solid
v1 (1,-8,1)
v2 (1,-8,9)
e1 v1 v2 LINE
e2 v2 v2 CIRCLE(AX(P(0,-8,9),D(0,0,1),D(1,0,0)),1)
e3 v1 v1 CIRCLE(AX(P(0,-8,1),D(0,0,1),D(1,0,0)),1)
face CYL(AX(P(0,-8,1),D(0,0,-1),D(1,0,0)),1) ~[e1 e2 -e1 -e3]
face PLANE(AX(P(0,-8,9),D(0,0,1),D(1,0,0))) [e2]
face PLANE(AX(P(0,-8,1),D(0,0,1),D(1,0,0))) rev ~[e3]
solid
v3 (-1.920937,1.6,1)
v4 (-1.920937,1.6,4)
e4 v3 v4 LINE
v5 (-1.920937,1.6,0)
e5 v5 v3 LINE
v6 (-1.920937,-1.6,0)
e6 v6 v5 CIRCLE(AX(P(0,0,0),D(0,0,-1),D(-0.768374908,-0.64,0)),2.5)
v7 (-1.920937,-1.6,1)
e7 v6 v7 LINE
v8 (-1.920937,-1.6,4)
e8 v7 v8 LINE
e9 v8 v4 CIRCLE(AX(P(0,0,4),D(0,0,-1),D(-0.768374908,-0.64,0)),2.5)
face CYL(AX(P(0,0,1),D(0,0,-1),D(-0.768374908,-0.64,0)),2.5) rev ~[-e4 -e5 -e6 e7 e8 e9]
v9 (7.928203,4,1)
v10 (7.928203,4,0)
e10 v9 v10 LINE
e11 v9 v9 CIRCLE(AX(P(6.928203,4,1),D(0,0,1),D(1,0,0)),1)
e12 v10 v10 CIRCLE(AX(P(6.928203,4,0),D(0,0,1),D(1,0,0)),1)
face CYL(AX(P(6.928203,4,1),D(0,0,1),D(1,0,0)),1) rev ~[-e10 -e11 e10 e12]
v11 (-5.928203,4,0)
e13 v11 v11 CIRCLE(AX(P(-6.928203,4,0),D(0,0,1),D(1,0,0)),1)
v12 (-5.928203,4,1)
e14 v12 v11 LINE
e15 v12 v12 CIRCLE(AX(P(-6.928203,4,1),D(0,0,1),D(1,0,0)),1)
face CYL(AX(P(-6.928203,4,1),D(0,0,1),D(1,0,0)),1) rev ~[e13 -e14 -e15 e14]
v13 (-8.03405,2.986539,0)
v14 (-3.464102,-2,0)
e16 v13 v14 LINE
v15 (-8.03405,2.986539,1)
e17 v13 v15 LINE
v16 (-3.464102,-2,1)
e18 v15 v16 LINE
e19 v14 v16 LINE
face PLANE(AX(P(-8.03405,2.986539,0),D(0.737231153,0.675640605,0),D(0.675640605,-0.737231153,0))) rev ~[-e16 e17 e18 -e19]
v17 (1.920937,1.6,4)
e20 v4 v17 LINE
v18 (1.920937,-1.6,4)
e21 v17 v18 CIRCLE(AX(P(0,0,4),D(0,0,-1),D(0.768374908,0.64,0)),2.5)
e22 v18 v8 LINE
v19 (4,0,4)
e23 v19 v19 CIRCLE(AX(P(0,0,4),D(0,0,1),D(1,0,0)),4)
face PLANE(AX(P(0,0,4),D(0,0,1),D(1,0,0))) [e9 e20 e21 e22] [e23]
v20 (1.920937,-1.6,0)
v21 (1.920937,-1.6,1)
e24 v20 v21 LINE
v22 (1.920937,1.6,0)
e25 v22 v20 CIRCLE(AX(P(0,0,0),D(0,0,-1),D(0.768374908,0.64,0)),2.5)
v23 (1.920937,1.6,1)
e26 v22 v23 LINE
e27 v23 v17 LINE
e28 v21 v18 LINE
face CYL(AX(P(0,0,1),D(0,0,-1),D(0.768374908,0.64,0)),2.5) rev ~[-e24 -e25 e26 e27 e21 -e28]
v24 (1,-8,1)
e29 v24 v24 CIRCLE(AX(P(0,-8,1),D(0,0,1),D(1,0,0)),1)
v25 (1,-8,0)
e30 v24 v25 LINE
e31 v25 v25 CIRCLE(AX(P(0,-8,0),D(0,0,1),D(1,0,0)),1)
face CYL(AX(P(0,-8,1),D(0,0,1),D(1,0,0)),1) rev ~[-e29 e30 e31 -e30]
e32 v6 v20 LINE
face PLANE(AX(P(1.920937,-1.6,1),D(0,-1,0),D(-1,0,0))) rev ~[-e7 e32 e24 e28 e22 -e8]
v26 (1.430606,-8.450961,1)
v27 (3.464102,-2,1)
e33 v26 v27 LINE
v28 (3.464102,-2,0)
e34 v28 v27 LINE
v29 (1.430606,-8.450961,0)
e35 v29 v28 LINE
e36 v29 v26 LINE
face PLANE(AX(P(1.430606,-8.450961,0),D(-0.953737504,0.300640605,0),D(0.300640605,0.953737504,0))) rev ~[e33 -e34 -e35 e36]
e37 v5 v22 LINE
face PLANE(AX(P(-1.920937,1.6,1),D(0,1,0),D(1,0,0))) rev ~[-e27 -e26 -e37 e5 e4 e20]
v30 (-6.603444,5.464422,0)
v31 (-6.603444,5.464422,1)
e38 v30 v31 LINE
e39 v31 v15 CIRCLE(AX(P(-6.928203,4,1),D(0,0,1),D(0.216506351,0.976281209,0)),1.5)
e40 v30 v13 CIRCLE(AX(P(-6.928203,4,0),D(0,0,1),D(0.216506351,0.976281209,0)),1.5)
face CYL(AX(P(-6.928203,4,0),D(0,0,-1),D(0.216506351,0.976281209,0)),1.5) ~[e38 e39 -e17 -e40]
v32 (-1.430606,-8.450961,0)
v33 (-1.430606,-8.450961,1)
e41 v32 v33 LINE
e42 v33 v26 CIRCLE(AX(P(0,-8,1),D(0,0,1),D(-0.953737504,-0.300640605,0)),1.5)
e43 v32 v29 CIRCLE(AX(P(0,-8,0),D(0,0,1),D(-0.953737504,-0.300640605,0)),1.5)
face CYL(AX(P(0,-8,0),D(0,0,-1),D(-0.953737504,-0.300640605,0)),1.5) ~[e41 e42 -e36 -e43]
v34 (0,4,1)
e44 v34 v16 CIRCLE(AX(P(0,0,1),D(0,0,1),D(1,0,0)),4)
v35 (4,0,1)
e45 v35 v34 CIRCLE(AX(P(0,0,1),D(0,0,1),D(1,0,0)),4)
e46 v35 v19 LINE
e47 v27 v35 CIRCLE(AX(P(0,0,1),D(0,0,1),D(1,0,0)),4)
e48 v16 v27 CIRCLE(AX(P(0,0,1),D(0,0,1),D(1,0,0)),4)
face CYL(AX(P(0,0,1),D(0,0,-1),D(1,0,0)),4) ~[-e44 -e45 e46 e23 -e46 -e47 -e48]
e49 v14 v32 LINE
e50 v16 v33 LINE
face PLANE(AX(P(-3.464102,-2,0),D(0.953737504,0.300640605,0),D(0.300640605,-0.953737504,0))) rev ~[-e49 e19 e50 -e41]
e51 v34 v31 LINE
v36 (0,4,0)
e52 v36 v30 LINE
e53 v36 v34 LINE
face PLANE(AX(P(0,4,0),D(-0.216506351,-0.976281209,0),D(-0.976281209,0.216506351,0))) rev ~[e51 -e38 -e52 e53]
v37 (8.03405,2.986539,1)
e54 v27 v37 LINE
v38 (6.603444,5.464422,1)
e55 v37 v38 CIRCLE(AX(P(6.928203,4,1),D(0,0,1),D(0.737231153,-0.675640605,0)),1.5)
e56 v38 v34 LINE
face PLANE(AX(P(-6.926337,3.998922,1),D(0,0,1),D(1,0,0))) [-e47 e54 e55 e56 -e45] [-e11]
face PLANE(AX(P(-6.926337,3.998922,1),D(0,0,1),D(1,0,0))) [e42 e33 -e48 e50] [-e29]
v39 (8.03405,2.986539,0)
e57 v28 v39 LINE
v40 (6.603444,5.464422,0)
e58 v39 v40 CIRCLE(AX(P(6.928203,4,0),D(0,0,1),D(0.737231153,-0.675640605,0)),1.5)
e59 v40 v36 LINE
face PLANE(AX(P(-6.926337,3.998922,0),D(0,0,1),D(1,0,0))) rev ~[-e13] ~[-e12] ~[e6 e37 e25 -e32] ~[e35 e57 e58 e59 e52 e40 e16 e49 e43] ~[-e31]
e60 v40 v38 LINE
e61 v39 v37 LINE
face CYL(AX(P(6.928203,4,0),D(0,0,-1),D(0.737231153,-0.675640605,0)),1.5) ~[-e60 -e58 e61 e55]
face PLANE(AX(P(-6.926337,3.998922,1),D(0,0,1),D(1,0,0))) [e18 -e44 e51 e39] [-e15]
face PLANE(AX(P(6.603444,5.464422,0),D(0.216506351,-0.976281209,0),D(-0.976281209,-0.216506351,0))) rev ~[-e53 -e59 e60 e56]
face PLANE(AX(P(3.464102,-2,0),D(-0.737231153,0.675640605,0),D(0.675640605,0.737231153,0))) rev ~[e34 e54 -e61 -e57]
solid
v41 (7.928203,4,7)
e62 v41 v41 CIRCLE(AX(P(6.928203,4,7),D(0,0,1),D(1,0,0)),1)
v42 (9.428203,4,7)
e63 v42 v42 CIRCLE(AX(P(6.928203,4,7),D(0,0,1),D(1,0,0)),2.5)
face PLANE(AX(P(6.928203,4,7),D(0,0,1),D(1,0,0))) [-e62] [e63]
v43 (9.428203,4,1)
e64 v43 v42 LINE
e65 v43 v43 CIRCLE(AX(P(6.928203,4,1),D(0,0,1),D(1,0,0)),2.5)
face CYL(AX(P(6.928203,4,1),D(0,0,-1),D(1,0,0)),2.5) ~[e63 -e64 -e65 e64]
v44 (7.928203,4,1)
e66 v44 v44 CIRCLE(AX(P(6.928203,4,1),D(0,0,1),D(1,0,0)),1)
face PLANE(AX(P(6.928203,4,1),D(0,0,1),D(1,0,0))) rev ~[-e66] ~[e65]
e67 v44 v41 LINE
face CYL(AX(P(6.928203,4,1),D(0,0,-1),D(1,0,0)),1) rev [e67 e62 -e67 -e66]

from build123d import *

# Parameters (mm, degrees)
F1_DEPTH  = 1
F2_W      = 3.8418745425
F2_H      = 3.2
F3_DEPTH  = 1.001
F4_R      = 4
F5_DEPTH  = 3
F6_R      = 1
F7_DEPTH  = 1.001
F8_R      = 1
F9_DEPTH  = 8
F10_R     = 2.5
F10_R_2   = 1
F11_DEPTH = 6


with BuildPart() as f1:
    # F0 (on Top) → F1 (new body)
    with BuildSketch(Plane.XY):
        with BuildLine():
            Line((-6.1782032303, 2.7009618943), (-6.9282032303, 4))
            Line((-6.9282032303, 4), (-5.4282032303, 4))
            ThreePointArc((-5.4282032303, 4), (-5.7583444162, 4.9388452243), (-6.6034437039, 5.4644218142))
            ThreePointArc((-6.6034437039, 5.4644218142), (-8.227241336, 4.75), (-8.03404996, 2.9865390929))
            ThreePointArc((-8.03404996, 2.9865390929), (-7.1563376377, 2.517449936), (-6.1782032303, 2.7009618943))
        make_face()
        Polygon((-5.4282032303, 4), (-6.9282032303, 4), (-6.1782032303, 2.7009618943), (-3.4641016151, -2), (-0.75, -6.7009618943), (0, -8), (0.75, -6.7009618943), (3.4641016151, -2), (6.1782032303, 2.7009618943), (6.9282032303, 4), (5.4282032303, 4), (0, 4), align=None)
        with BuildLine():
            ThreePointArc((-6.6034437039, 5.4644218142), (-5.7583444162, 4.9388452243), (-5.4282032303, 4))
            Line((-5.4282032303, 4), (0, 4))
            Line((0, 4), (-6.6034437039, 5.4644218142))
        make_face()
        with BuildLine():
            Line((-3.4641016151, -2), (-6.1782032303, 2.7009618943))
            ThreePointArc((-6.1782032303, 2.7009618943), (-7.1563376377, 2.517449936), (-8.03404996, 2.9865390929))
            Line((-8.03404996, 2.9865390929), (-3.4641016151, -2))
        make_face()
        with BuildLine():
            Line((6.6034437039, 5.4644218142), (0, 4))
            Line((0, 4), (5.4282032303, 4))
            ThreePointArc((5.4282032303, 4), (5.7583444162, 4.9388452243), (6.6034437039, 5.4644218142))
        make_face()
        with BuildLine():
            Line((-0.75, -6.7009618943), (-3.4641016151, -2))
            Line((-3.4641016151, -2), (-1.4306062562, -8.4509609071))
            ThreePointArc((-1.4306062562, -8.4509609071), (-1.3979932215, -7.4562951603), (-0.75, -6.7009618943))
        make_face()
        with BuildLine():
            ThreePointArc((6.6034437039, 5.4644218142), (5.7583444162, 4.9388452243), (5.4282032303, 4))
            Line((5.4282032303, 4), (6.9282032303, 4))
            Line((6.9282032303, 4), (6.1782032303, 2.7009618943))
            ThreePointArc((6.1782032303, 2.7009618943), (7.1563376377, 2.517449936), (8.03404996, 2.9865390929))
            ThreePointArc((8.03404996, 2.9865390929), (8.227241336, 4.75), (6.6034437039, 5.4644218142))
        make_face()
        with BuildLine():
            Line((0, -8), (-0.75, -6.7009618943))
            ThreePointArc((-0.75, -6.7009618943), (-1.3979932215, -7.4562951603), (-1.4306062562, -8.4509609071))
            ThreePointArc((-1.4306062562, -8.4509609071), (0, -9.5), (1.4306062562, -8.4509609071))
            ThreePointArc((1.4306062562, -8.4509609071), (1.3979932215, -7.4562951603), (0.75, -6.7009618943))
            Line((0.75, -6.7009618943), (0, -8))
        make_face()
        with BuildLine():
            Line((3.4641016151, -2), (8.03404996, 2.9865390929))
            ThreePointArc((8.03404996, 2.9865390929), (7.1563376377, 2.517449936), (6.1782032303, 2.7009618943))
            Line((6.1782032303, 2.7009618943), (3.4641016151, -2))
        make_face()
        with BuildLine():
            ThreePointArc((0.75, -6.7009618943), (1.3979932215, -7.4562951603), (1.4306062562, -8.4509609071))
            Line((1.4306062562, -8.4509609071), (3.4641016151, -2))
            Line((3.4641016151, -2), (0.75, -6.7009618943))
        make_face()
    extrude(amount=F1_DEPTH)

    # F2 (on face) → F3 (cut, through all)
    with BuildSketch(Plane(origin=(0, 0, 0), x_dir=(1, 0, 0), z_dir=(0, 0, -1))):
        with BuildLine():
            Line((-1.9209372712, -1.6), (-1.9209372712, 1.6))
            ThreePointArc((-1.9209372712, 1.6), (-2.5, 0), (-1.9209372712, -1.6))
        make_face()
        Rectangle(F2_W, F2_H)
        with BuildLine():
            ThreePointArc((1.9209372712, -1.6), (2.5, 0), (1.9209372712, 1.6))
            Line((1.9209372712, 1.6), (1.9209372712, -1.6))
        make_face()
    extrude(amount=-F3_DEPTH, mode=Mode.SUBTRACT)

    # F4 (on face) → F5 (join)
    with BuildSketch(Plane.XY.offset(1)):
        Circle(F4_R)
        with BuildLine():
            Line((-1.9209372712, 1.6), (1.9209372712, 1.6))
            ThreePointArc((1.9209372712, 1.6), (2.5, 0), (1.9209372712, -1.6))
            Line((1.9209372712, -1.6), (-1.9209372712, -1.6))
            ThreePointArc((-1.9209372712, -1.6), (-2.5, 0), (-1.9209372712, 1.6))
        make_face(mode=Mode.SUBTRACT)
    extrude(amount=F5_DEPTH)

    # F6 (on face) → F7 (cut, through all)
    with BuildSketch(Plane.XY.offset(1)):
        with Locations((-6.9282032303, 4)):
            Circle(F6_R)
        with Locations((0, -8)):
            Circle(F6_R)
        with Locations((6.9282032303, 4)):
            Circle(F6_R)
    extrude(amount=-F7_DEPTH, mode=Mode.SUBTRACT)


with BuildPart() as f9:
    # F8 (on face) → F9 (new body)
    with BuildSketch(Plane.XY.offset(1)):
        with Locations((0, -8)):
            Circle(F8_R)
    extrude(amount=F9_DEPTH)


with BuildPart() as f11:
    # F10 (on face) → F11 (new body)
    with BuildSketch(Plane.XY.offset(1)):
        with Locations((6.9282032303, 4)):
            Circle(F10_R)
        with Locations((6.9282032303, 4)):
            Circle(F10_R_2, mode=Mode.SUBTRACT)
    extrude(amount=F11_DEPTH)


solid = Compound([f1.part, f9.part, f11.part])
